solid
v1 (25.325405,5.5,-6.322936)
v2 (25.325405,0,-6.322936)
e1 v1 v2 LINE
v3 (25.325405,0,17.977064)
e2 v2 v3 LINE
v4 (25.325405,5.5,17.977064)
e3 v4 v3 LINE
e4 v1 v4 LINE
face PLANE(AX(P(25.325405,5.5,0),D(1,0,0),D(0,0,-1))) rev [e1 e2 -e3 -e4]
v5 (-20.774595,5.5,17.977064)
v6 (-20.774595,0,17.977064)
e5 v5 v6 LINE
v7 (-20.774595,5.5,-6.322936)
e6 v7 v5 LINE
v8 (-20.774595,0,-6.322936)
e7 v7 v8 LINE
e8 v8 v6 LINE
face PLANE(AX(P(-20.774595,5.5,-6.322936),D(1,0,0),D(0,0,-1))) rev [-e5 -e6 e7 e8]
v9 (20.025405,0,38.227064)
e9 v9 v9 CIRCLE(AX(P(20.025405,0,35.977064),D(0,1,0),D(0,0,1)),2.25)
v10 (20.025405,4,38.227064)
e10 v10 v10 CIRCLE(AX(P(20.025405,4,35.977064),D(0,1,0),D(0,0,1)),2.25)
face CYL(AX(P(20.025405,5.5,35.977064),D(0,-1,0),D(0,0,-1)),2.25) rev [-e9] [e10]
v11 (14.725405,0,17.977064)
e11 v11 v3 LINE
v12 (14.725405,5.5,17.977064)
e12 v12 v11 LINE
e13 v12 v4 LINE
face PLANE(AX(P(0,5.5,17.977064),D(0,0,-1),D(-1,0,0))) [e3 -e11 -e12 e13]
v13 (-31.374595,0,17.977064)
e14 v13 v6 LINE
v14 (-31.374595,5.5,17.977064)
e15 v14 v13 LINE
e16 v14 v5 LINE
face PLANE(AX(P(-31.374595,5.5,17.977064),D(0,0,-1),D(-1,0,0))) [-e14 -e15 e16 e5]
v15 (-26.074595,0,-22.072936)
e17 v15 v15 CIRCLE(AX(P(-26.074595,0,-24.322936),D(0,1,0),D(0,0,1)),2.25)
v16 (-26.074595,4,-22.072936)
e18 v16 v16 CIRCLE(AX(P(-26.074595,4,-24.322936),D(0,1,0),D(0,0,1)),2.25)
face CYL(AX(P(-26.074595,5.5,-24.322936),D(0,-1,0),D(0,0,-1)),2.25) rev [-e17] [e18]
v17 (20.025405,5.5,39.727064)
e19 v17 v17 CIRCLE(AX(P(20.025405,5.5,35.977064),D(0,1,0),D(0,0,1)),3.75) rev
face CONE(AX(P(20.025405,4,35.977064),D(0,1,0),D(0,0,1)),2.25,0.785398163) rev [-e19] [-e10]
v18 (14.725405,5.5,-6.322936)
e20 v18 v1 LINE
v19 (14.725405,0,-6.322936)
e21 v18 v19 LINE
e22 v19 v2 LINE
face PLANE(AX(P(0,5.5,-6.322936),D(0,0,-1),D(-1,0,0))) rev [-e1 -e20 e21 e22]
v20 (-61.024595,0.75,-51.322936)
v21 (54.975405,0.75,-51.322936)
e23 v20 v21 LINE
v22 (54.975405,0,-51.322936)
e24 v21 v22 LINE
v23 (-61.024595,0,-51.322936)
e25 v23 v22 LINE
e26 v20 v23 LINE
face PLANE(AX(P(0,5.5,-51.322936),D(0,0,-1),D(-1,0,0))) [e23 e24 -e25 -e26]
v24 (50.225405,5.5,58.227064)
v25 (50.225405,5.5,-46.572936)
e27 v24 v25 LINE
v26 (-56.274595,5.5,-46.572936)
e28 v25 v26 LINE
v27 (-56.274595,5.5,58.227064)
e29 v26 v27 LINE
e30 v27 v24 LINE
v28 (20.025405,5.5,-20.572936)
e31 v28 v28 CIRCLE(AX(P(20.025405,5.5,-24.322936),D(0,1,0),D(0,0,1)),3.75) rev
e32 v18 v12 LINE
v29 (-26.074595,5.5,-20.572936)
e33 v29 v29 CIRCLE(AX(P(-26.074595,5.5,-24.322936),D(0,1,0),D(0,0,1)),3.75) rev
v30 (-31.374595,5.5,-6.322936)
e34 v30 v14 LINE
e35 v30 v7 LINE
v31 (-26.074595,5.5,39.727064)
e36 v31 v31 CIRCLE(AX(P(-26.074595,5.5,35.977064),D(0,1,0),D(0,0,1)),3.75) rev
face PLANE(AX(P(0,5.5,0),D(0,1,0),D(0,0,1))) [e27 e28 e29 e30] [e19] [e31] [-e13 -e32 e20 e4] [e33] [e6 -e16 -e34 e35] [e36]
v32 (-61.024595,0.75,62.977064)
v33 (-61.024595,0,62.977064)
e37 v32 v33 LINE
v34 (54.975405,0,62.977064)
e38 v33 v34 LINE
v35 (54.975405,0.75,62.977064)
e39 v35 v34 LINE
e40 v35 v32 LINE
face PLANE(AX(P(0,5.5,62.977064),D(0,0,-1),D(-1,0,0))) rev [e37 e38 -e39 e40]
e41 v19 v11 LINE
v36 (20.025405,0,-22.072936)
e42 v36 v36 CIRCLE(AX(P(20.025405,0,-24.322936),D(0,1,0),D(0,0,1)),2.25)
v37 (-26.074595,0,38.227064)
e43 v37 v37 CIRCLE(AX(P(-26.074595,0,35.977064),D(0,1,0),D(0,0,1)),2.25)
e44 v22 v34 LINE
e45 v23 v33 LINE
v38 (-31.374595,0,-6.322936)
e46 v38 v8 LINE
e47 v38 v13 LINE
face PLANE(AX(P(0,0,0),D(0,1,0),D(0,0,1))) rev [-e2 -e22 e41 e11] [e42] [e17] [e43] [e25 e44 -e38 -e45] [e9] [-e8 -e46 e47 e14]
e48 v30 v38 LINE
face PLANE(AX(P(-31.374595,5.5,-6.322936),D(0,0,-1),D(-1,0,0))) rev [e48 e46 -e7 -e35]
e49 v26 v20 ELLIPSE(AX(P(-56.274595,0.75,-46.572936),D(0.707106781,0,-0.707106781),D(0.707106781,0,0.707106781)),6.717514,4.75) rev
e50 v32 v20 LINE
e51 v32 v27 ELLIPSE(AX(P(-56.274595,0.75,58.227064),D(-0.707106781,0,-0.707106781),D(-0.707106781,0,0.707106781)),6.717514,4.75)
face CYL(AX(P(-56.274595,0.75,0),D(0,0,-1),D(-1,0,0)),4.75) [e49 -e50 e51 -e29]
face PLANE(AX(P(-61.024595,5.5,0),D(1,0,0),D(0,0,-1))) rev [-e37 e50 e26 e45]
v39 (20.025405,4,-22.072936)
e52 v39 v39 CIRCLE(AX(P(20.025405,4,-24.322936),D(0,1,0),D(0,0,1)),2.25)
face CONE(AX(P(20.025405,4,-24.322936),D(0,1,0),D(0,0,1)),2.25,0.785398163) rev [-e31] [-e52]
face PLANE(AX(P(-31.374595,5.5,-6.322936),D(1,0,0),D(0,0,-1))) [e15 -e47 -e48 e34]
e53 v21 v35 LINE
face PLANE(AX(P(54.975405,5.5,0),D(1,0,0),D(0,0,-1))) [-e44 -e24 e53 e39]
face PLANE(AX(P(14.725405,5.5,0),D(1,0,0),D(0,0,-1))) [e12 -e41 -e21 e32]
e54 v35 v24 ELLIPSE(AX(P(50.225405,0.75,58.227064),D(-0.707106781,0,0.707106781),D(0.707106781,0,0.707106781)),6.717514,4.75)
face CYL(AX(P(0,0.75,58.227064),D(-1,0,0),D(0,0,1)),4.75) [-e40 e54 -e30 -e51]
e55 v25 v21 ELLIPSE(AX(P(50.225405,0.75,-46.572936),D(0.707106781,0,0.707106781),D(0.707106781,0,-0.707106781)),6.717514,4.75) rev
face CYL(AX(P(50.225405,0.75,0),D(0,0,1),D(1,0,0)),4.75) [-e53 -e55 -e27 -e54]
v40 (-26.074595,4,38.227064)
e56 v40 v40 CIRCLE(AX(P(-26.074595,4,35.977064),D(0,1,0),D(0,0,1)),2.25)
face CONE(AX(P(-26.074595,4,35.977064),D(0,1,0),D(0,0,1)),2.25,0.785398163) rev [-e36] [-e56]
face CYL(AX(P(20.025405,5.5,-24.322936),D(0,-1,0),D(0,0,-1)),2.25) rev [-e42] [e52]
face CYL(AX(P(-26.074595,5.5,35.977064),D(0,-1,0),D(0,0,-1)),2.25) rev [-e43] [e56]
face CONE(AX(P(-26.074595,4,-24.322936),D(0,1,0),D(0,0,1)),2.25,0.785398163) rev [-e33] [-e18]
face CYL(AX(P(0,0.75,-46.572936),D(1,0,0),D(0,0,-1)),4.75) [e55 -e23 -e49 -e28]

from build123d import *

# Parameters (mm, degrees)
SKETCH1_W           = 116
SKETCH1_H           = 114.3
SKETCH1_R           = 2.25
SKETCH1_W_2         = 10.6
SKETCH1_H_2         = 24.3
BOSS_EXTRUDE1_DEPTH = 5.5
FILLET1_R           = 4.75
CHAMFER1_SIZE       = 1.5


with BuildPart() as part:
    # Sketch1 → Boss-Extrude1 (new body)
    with BuildSketch(Plane(origin=(0, 0, 0), x_dir=(1, 0, 0), z_dir=(0, 1, 0))):
        with Locations((-3.024594732, -5.827064496)):
            Rectangle(SKETCH1_W, SKETCH1_H)
        with Locations((-26.074594732, 24.322935504)):
            Circle(SKETCH1_R, mode=Mode.SUBTRACT)
        with Locations((-26.074594732, -35.977064496)):
            Circle(SKETCH1_R, mode=Mode.SUBTRACT)
        with Locations((20.025405268, -35.977064496)):
            Circle(SKETCH1_R, mode=Mode.SUBTRACT)
        with Locations((20.025405268, 24.322935504)):
            Circle(SKETCH1_R, mode=Mode.SUBTRACT)
        with Locations((-26.074594732, -5.827064496)):
            Rectangle(SKETCH1_W_2, SKETCH1_H_2, mode=Mode.SUBTRACT)
        with Locations((20.025405268, -5.827064496)):
            Rectangle(SKETCH1_W_2, SKETCH1_H_2, mode=Mode.SUBTRACT)
    extrude(amount=BOSS_EXTRUDE1_DEPTH)

    # Fillet1
    fillet1_edges = [part.edges().sort_by_distance(p)[0] for p in [
        (54.975405268, 5.5, 5.827064496),
        (-3.024594732, 5.5, -51.322935504),
        (-61.024594732, 5.5, 5.827064496),
        (-3.024594732, 5.5, 62.977064496),
    ]]
    fillet(fillet1_edges, radius=FILLET1_R)

    # Chamfer1
    chamfer1_edges = [part.edges().sort_by_distance(p)[0] for p in [
        (17.775405268, 5.5, 35.977064496),
        (-28.324594732, 5.5, 35.977064496),
        (-28.324594732, 5.5, -24.322935504),
        (17.775405268, 5.5, -24.322935504),
    ]]
    chamfer(chamfer1_edges, length=CHAMFER1_SIZE)


solid = part.part
